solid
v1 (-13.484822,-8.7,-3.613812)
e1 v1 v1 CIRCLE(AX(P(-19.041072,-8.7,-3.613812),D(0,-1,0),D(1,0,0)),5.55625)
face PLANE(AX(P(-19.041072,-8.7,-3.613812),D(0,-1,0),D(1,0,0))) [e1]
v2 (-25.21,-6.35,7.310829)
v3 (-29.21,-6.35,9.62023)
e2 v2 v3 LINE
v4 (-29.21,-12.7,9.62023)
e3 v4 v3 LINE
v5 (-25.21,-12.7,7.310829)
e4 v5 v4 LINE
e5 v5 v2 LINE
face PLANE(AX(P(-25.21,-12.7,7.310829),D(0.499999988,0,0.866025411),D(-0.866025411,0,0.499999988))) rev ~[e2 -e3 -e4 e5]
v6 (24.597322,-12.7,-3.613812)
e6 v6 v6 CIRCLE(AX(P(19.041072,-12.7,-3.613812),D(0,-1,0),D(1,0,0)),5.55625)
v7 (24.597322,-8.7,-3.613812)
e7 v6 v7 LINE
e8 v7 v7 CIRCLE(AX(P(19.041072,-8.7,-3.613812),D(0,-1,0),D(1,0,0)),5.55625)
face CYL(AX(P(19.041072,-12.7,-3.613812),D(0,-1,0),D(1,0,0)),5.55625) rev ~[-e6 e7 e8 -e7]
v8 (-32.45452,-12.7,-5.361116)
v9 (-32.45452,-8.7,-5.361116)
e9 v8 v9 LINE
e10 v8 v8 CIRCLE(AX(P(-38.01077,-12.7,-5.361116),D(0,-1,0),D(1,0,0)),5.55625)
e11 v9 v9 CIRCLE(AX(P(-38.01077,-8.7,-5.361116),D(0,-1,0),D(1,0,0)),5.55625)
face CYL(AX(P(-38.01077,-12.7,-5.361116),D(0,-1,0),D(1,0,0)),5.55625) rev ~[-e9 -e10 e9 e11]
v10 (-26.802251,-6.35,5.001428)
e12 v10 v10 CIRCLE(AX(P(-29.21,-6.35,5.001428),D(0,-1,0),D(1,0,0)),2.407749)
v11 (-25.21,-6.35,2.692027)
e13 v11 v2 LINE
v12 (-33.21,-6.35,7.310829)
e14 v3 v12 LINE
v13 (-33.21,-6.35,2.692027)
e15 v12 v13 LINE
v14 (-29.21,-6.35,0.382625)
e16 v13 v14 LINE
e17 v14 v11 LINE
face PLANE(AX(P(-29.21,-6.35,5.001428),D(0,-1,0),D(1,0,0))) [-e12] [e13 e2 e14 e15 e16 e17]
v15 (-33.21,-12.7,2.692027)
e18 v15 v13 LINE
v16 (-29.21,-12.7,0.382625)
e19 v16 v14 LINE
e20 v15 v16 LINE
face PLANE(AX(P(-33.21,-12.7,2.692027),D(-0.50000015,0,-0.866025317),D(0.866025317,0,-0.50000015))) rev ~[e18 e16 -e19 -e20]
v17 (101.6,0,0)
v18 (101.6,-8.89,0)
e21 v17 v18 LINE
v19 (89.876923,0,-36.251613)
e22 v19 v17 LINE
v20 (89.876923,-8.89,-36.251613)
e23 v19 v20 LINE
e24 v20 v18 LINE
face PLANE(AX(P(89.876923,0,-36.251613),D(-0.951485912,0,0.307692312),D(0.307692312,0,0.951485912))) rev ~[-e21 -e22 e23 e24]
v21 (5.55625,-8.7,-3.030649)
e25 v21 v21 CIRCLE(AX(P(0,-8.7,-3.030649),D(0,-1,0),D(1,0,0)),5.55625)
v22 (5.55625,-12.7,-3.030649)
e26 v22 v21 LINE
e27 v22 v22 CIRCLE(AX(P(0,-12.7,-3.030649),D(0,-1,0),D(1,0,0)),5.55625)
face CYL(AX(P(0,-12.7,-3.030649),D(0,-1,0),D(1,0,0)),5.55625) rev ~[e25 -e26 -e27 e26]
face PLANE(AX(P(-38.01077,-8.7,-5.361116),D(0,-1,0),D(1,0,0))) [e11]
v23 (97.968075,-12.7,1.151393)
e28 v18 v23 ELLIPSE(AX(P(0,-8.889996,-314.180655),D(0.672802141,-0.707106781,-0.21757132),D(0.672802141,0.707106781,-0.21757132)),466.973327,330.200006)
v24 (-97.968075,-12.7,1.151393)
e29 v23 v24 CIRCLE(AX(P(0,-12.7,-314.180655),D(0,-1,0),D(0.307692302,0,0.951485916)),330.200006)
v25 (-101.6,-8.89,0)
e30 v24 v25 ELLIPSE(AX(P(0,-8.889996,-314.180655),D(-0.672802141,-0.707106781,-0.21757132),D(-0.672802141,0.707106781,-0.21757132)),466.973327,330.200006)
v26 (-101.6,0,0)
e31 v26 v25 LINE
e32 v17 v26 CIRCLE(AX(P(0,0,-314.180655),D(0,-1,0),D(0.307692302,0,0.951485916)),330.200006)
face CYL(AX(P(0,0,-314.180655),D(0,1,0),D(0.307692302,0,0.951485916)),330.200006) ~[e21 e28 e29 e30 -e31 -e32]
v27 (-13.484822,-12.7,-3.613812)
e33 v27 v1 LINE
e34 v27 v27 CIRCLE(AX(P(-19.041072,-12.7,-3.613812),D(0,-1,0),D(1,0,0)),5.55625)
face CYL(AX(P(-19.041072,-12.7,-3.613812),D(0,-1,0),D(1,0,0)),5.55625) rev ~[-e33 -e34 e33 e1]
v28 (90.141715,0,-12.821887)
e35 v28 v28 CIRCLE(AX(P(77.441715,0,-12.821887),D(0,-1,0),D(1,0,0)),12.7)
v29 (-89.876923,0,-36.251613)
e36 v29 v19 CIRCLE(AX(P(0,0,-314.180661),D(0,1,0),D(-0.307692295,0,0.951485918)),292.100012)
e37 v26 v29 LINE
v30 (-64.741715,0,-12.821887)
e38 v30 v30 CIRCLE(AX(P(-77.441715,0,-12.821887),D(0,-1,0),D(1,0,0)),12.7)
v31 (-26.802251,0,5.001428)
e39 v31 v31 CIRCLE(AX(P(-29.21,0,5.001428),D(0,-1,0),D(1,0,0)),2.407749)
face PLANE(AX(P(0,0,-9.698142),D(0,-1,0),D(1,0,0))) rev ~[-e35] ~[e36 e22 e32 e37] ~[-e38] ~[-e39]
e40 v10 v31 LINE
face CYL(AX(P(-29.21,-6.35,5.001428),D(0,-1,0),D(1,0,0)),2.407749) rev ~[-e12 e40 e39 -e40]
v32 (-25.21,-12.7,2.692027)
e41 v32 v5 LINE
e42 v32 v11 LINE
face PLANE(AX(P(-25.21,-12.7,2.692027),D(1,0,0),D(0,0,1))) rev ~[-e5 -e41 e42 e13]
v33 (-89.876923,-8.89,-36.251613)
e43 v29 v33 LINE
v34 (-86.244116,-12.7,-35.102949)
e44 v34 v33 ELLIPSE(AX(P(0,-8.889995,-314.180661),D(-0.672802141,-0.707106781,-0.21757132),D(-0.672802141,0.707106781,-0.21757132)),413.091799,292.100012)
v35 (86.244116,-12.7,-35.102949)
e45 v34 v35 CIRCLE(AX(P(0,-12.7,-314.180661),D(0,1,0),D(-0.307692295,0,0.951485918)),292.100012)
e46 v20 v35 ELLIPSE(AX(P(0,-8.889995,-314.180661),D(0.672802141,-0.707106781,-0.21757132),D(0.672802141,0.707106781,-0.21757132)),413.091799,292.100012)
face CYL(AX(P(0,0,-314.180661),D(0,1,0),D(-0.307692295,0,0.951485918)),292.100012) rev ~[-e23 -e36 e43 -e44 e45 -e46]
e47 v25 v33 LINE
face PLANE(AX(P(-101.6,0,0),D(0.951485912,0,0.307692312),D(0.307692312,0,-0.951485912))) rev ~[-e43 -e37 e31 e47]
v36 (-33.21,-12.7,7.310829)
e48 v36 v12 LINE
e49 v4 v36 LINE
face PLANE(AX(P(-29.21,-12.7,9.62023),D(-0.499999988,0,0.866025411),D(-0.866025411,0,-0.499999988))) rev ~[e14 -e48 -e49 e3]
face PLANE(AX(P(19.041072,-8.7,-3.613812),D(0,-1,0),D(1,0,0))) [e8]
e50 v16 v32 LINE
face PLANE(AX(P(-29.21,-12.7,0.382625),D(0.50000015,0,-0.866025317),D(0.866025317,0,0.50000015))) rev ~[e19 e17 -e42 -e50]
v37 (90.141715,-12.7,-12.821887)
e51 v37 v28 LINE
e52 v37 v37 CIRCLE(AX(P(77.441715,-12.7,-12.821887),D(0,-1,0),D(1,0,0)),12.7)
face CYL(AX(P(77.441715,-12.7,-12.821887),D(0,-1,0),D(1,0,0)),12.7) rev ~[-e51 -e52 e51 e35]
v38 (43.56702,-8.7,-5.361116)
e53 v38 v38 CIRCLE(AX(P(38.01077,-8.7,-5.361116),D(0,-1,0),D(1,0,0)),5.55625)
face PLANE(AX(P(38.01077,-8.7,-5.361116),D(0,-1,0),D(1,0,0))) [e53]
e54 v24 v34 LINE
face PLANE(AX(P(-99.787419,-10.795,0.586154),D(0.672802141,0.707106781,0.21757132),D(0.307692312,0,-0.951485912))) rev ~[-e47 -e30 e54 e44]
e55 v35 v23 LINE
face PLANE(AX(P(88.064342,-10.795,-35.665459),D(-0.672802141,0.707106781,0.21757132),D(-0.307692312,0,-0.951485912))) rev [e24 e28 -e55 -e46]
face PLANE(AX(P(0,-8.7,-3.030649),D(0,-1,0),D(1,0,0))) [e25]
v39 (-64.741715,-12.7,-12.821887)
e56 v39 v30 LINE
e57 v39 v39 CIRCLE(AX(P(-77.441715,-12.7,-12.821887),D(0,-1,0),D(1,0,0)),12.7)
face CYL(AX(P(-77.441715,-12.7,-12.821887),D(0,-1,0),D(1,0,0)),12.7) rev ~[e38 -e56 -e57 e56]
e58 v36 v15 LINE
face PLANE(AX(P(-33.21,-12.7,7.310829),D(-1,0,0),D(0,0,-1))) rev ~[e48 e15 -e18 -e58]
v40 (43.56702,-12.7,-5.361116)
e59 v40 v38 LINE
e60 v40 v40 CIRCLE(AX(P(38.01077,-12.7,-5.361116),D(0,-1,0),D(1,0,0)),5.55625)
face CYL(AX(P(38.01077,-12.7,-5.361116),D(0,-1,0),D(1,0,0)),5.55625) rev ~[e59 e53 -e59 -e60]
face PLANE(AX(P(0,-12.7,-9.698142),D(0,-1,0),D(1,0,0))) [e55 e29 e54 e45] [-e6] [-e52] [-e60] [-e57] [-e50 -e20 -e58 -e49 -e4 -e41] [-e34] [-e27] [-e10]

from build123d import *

# Parameters (mm, degrees)
F1_DEPTH  = 12.7
F2_R      = 5.55625
F3_DEPTH  = 4
F4_R      = 12.7
F5_DEPTH  = 12.701
F6_SIZE   = 3.81
F8_DEPTH  = 6.35
F9_R      = 2.407749
F10_DEPTH = 6.351


with BuildPart() as f1:
    # F0 (on Front) → F1 (new body)
    with BuildSketch(Plane.XZ):
        with BuildLine():
            Line((89.876923, -36.251613), (101.6, 0))
            ThreePointArc((101.6, 0), (0, 16.019351), (-101.6, 0))
            Line((-101.6, 0), (-89.876923, -36.251613))
            ThreePointArc((-89.876923, -36.251613), (0, -22.080649), (89.876923, -36.251613))
        make_face()
    extrude(amount=F1_DEPTH)

    # F2 (on face) → F3 (cut)
    with BuildSketch(Plane.XZ.offset(12.7)):
        with Locations((0, -3.030649)):
            Circle(F2_R)
        with Locations((19.041072, -3.613812)):
            Circle(F2_R)
        with Locations((38.01077, -5.361116)):
            Circle(F2_R)
        with Locations((-38.01077, -5.361116)):
            Circle(F2_R)
        with Locations((-19.041072, -3.613812)):
            Circle(F2_R)
    extrude(amount=-F3_DEPTH, mode=Mode.SUBTRACT)

    # F4 (on face) → F5 (cut, through all)
    with BuildSketch(Plane.XZ.offset(12.7)):
        with Locations((77.441715, -12.821887)):
            Circle(F4_R)
        with Locations((-77.441715, -12.821887)):
            Circle(F4_R)
    extrude(amount=-F5_DEPTH, mode=Mode.SUBTRACT)

    # F6
    f6_edges = [f1.edges().sort_by_distance(p)[0] for p in [
        (-95.738462, -12.7, -18.125807),
        (95.738462, -12.7, -18.125807),
    ]]
    chamfer(f6_edges, length=F6_SIZE)

    # F7 (on face) → F8 (cut)
    with BuildSketch(Plane.XZ.offset(12.7)):
        Polygon((-29.21, 0.382625), (-25.21, 2.692027), (-25.21, 7.310829), (-29.21, 9.62023), (-33.21, 7.310829), (-33.21, 2.692027), align=None)
    extrude(amount=-F8_DEPTH, mode=Mode.SUBTRACT)

    # F9 (on face) → F10 (cut, through all)
    with BuildSketch(Plane.XZ.offset(6.35)):
        with Locations((-29.21, 5.001428)):
            Circle(F9_R)
    extrude(amount=-F10_DEPTH, mode=Mode.SUBTRACT)


solid = f1.part
